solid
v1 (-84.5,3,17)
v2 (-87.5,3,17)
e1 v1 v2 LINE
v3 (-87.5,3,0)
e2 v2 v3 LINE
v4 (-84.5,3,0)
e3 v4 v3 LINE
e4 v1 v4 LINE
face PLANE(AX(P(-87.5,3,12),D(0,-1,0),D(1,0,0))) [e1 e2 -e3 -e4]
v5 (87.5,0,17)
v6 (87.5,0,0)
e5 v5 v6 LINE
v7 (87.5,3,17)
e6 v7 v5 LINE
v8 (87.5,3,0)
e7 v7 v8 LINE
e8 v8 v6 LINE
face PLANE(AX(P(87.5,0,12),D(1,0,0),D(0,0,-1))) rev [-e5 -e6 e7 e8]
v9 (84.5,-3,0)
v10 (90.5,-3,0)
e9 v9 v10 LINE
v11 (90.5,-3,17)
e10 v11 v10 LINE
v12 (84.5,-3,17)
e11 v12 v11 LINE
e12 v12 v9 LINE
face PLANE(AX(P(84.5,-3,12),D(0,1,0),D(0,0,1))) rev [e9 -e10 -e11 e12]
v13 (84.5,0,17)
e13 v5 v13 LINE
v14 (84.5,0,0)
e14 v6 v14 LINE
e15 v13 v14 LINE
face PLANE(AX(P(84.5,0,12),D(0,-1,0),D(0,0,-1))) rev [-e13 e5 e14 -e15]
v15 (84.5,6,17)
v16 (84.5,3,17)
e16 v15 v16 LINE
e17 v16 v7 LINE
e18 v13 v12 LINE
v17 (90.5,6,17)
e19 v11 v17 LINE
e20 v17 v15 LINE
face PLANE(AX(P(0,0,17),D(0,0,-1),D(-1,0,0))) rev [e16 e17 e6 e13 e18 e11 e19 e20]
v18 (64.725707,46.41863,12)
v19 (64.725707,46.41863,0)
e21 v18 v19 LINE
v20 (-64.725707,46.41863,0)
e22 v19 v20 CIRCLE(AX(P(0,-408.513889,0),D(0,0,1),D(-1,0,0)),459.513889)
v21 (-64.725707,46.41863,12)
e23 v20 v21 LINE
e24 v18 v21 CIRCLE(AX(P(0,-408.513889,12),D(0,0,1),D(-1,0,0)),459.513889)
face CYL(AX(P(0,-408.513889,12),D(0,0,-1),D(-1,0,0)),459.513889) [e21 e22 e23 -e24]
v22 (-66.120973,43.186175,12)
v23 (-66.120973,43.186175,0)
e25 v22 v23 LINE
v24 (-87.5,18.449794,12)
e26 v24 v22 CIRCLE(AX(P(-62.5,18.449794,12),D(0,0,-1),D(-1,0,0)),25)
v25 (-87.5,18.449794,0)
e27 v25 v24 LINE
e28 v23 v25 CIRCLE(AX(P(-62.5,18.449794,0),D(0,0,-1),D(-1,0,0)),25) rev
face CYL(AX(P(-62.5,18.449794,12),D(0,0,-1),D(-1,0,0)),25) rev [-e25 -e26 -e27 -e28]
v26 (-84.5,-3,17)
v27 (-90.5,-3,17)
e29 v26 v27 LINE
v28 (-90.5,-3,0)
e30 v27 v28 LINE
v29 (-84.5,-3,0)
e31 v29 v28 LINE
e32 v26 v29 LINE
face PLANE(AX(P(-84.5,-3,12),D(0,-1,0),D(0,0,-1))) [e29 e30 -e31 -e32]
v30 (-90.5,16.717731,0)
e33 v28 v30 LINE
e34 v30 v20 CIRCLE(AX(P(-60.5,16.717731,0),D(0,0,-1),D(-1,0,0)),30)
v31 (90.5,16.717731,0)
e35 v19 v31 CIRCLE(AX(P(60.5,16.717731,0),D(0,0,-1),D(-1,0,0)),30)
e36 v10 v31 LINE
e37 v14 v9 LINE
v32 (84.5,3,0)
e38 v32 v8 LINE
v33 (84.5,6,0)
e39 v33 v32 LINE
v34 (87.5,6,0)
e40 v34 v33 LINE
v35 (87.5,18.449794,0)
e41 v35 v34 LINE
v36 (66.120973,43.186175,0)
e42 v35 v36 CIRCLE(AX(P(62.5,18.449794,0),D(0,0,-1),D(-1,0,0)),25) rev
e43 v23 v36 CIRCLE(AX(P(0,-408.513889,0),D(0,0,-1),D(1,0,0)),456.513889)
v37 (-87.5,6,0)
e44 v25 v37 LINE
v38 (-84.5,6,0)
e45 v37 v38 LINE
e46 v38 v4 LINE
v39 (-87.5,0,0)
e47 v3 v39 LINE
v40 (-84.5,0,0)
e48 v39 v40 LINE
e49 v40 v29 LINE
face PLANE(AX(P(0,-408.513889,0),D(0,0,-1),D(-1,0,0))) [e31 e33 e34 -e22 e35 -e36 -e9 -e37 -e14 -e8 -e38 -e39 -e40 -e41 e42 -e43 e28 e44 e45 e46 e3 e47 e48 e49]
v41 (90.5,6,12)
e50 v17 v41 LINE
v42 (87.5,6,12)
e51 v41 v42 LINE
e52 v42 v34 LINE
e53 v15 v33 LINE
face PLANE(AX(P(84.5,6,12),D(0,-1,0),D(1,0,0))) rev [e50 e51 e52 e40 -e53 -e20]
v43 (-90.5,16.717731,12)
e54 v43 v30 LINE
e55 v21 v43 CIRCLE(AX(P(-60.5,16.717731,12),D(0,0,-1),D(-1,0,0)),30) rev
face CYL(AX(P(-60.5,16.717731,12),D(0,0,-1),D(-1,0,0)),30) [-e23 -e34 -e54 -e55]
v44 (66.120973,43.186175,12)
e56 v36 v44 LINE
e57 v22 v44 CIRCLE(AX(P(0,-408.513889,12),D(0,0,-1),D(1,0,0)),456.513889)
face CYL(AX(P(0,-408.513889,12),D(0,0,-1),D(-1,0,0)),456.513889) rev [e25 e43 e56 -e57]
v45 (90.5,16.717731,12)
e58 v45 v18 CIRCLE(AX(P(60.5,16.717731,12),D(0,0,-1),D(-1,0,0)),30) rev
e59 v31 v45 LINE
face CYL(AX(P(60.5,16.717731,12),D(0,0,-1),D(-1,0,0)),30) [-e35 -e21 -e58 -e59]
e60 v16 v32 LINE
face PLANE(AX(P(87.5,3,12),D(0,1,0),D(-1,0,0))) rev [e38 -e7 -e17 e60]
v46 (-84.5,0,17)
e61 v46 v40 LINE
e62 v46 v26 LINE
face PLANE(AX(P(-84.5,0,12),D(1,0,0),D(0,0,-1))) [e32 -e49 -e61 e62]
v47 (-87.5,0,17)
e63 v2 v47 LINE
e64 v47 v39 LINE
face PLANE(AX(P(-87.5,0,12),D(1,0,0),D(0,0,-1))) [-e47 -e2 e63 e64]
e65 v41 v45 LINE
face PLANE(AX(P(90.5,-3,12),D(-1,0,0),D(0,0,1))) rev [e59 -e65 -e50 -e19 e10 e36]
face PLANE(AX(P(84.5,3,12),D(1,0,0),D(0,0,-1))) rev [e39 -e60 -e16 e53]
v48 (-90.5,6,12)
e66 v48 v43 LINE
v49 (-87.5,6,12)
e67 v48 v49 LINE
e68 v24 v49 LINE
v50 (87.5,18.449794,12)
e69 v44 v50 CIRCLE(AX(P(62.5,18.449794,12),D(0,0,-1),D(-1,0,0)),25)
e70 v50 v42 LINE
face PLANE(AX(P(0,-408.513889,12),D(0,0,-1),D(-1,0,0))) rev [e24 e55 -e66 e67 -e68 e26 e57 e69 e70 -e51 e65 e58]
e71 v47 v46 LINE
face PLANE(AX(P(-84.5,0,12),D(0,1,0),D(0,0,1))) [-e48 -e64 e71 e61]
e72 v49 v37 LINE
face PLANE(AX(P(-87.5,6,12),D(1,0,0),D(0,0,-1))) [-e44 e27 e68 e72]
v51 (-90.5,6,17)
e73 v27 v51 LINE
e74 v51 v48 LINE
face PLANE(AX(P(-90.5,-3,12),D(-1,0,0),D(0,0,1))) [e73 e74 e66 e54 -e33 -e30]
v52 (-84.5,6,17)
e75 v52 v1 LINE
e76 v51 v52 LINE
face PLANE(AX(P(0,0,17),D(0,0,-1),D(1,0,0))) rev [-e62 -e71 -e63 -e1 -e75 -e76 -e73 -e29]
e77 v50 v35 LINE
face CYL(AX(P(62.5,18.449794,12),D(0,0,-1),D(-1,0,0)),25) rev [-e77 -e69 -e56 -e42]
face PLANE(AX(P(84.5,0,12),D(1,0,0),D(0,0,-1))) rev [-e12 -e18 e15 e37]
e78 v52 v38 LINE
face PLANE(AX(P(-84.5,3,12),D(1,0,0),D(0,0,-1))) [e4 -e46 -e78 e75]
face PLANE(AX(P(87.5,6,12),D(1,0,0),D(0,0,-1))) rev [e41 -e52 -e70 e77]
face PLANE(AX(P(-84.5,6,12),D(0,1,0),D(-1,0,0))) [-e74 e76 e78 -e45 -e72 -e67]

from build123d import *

# Parameters (mm, degrees)
BOSS_EXTRUDE1_DEPTH = 12
BOSS_EXTRUDE2_DEPTH = 5
FILLET1_R           = 25
FILLET2_R           = 30


with BuildPart() as part:
    # Sketch1 → Boss-Extrude1 (new body)
    with BuildSketch(Plane.XY):
        with BuildLine():
            Line((84.5, 0), (87.5, 0))
            Line((87.5, 0), (87.5, 3))
            Line((87.5, 3), (84.5, 3))
            Line((84.5, 3), (84.5, 6))
            Line((84.5, 6), (87.5, 6))
            Line((87.5, 6), (87.5, 39.535975243))
            ThreePointArc((87.5, 39.535975243), (43.954208317, 45.879066954), (0, 48))
            Line((0, 48), (0, 51))
            ThreePointArc((0, 51), (45.473206397, 48.744464323), (90.5, 42))
            Line((90.5, 42), (90.5, -3))
            Line((90.5, -3), (84.5, -3))
            Line((84.5, -3), (84.5, 0))
        make_face()
    boss_extrude1 = extrude(amount=BOSS_EXTRUDE1_DEPTH)

    # Sketch2 → Boss-Extrude2 (add)
    with BuildSketch(Plane.XY.offset(12)):
        Polygon((90.5, -3), (84.5, -3), (84.5, 0), (87.5, 0), (87.5, 3), (84.5, 3), (84.5, 6), (90.5, 6), align=None)
    boss_extrude2 = extrude(amount=BOSS_EXTRUDE2_DEPTH)

    # Mirror1: Boss-Extrude1, Boss-Extrude2 across plane
    add(boss_extrude1.mirror(Plane(origin=(0, 0, 0), x_dir=(0, 0, 1), z_dir=(1, 0, 0))))
    add(boss_extrude2.mirror(Plane(origin=(0, 0, 0), x_dir=(0, 0, 1), z_dir=(1, 0, 0))))

    # Fillet1
    fillet1_edges = [part.edges().sort_by_distance(p)[0] for p in [
        (87.5, 39.535975243, 6),
        (-87.5, 39.535975243, 6),
    ]]
    fillet(fillet1_edges, radius=FILLET1_R)

    # Fillet2
    fillet2_edges = [part.edges().sort_by_distance(p)[0] for p in [
        (90.5, 42, 6),
        (-90.5, 42, 6),
    ]]
    fillet(fillet2_edges, radius=FILLET2_R)


solid = part.part
